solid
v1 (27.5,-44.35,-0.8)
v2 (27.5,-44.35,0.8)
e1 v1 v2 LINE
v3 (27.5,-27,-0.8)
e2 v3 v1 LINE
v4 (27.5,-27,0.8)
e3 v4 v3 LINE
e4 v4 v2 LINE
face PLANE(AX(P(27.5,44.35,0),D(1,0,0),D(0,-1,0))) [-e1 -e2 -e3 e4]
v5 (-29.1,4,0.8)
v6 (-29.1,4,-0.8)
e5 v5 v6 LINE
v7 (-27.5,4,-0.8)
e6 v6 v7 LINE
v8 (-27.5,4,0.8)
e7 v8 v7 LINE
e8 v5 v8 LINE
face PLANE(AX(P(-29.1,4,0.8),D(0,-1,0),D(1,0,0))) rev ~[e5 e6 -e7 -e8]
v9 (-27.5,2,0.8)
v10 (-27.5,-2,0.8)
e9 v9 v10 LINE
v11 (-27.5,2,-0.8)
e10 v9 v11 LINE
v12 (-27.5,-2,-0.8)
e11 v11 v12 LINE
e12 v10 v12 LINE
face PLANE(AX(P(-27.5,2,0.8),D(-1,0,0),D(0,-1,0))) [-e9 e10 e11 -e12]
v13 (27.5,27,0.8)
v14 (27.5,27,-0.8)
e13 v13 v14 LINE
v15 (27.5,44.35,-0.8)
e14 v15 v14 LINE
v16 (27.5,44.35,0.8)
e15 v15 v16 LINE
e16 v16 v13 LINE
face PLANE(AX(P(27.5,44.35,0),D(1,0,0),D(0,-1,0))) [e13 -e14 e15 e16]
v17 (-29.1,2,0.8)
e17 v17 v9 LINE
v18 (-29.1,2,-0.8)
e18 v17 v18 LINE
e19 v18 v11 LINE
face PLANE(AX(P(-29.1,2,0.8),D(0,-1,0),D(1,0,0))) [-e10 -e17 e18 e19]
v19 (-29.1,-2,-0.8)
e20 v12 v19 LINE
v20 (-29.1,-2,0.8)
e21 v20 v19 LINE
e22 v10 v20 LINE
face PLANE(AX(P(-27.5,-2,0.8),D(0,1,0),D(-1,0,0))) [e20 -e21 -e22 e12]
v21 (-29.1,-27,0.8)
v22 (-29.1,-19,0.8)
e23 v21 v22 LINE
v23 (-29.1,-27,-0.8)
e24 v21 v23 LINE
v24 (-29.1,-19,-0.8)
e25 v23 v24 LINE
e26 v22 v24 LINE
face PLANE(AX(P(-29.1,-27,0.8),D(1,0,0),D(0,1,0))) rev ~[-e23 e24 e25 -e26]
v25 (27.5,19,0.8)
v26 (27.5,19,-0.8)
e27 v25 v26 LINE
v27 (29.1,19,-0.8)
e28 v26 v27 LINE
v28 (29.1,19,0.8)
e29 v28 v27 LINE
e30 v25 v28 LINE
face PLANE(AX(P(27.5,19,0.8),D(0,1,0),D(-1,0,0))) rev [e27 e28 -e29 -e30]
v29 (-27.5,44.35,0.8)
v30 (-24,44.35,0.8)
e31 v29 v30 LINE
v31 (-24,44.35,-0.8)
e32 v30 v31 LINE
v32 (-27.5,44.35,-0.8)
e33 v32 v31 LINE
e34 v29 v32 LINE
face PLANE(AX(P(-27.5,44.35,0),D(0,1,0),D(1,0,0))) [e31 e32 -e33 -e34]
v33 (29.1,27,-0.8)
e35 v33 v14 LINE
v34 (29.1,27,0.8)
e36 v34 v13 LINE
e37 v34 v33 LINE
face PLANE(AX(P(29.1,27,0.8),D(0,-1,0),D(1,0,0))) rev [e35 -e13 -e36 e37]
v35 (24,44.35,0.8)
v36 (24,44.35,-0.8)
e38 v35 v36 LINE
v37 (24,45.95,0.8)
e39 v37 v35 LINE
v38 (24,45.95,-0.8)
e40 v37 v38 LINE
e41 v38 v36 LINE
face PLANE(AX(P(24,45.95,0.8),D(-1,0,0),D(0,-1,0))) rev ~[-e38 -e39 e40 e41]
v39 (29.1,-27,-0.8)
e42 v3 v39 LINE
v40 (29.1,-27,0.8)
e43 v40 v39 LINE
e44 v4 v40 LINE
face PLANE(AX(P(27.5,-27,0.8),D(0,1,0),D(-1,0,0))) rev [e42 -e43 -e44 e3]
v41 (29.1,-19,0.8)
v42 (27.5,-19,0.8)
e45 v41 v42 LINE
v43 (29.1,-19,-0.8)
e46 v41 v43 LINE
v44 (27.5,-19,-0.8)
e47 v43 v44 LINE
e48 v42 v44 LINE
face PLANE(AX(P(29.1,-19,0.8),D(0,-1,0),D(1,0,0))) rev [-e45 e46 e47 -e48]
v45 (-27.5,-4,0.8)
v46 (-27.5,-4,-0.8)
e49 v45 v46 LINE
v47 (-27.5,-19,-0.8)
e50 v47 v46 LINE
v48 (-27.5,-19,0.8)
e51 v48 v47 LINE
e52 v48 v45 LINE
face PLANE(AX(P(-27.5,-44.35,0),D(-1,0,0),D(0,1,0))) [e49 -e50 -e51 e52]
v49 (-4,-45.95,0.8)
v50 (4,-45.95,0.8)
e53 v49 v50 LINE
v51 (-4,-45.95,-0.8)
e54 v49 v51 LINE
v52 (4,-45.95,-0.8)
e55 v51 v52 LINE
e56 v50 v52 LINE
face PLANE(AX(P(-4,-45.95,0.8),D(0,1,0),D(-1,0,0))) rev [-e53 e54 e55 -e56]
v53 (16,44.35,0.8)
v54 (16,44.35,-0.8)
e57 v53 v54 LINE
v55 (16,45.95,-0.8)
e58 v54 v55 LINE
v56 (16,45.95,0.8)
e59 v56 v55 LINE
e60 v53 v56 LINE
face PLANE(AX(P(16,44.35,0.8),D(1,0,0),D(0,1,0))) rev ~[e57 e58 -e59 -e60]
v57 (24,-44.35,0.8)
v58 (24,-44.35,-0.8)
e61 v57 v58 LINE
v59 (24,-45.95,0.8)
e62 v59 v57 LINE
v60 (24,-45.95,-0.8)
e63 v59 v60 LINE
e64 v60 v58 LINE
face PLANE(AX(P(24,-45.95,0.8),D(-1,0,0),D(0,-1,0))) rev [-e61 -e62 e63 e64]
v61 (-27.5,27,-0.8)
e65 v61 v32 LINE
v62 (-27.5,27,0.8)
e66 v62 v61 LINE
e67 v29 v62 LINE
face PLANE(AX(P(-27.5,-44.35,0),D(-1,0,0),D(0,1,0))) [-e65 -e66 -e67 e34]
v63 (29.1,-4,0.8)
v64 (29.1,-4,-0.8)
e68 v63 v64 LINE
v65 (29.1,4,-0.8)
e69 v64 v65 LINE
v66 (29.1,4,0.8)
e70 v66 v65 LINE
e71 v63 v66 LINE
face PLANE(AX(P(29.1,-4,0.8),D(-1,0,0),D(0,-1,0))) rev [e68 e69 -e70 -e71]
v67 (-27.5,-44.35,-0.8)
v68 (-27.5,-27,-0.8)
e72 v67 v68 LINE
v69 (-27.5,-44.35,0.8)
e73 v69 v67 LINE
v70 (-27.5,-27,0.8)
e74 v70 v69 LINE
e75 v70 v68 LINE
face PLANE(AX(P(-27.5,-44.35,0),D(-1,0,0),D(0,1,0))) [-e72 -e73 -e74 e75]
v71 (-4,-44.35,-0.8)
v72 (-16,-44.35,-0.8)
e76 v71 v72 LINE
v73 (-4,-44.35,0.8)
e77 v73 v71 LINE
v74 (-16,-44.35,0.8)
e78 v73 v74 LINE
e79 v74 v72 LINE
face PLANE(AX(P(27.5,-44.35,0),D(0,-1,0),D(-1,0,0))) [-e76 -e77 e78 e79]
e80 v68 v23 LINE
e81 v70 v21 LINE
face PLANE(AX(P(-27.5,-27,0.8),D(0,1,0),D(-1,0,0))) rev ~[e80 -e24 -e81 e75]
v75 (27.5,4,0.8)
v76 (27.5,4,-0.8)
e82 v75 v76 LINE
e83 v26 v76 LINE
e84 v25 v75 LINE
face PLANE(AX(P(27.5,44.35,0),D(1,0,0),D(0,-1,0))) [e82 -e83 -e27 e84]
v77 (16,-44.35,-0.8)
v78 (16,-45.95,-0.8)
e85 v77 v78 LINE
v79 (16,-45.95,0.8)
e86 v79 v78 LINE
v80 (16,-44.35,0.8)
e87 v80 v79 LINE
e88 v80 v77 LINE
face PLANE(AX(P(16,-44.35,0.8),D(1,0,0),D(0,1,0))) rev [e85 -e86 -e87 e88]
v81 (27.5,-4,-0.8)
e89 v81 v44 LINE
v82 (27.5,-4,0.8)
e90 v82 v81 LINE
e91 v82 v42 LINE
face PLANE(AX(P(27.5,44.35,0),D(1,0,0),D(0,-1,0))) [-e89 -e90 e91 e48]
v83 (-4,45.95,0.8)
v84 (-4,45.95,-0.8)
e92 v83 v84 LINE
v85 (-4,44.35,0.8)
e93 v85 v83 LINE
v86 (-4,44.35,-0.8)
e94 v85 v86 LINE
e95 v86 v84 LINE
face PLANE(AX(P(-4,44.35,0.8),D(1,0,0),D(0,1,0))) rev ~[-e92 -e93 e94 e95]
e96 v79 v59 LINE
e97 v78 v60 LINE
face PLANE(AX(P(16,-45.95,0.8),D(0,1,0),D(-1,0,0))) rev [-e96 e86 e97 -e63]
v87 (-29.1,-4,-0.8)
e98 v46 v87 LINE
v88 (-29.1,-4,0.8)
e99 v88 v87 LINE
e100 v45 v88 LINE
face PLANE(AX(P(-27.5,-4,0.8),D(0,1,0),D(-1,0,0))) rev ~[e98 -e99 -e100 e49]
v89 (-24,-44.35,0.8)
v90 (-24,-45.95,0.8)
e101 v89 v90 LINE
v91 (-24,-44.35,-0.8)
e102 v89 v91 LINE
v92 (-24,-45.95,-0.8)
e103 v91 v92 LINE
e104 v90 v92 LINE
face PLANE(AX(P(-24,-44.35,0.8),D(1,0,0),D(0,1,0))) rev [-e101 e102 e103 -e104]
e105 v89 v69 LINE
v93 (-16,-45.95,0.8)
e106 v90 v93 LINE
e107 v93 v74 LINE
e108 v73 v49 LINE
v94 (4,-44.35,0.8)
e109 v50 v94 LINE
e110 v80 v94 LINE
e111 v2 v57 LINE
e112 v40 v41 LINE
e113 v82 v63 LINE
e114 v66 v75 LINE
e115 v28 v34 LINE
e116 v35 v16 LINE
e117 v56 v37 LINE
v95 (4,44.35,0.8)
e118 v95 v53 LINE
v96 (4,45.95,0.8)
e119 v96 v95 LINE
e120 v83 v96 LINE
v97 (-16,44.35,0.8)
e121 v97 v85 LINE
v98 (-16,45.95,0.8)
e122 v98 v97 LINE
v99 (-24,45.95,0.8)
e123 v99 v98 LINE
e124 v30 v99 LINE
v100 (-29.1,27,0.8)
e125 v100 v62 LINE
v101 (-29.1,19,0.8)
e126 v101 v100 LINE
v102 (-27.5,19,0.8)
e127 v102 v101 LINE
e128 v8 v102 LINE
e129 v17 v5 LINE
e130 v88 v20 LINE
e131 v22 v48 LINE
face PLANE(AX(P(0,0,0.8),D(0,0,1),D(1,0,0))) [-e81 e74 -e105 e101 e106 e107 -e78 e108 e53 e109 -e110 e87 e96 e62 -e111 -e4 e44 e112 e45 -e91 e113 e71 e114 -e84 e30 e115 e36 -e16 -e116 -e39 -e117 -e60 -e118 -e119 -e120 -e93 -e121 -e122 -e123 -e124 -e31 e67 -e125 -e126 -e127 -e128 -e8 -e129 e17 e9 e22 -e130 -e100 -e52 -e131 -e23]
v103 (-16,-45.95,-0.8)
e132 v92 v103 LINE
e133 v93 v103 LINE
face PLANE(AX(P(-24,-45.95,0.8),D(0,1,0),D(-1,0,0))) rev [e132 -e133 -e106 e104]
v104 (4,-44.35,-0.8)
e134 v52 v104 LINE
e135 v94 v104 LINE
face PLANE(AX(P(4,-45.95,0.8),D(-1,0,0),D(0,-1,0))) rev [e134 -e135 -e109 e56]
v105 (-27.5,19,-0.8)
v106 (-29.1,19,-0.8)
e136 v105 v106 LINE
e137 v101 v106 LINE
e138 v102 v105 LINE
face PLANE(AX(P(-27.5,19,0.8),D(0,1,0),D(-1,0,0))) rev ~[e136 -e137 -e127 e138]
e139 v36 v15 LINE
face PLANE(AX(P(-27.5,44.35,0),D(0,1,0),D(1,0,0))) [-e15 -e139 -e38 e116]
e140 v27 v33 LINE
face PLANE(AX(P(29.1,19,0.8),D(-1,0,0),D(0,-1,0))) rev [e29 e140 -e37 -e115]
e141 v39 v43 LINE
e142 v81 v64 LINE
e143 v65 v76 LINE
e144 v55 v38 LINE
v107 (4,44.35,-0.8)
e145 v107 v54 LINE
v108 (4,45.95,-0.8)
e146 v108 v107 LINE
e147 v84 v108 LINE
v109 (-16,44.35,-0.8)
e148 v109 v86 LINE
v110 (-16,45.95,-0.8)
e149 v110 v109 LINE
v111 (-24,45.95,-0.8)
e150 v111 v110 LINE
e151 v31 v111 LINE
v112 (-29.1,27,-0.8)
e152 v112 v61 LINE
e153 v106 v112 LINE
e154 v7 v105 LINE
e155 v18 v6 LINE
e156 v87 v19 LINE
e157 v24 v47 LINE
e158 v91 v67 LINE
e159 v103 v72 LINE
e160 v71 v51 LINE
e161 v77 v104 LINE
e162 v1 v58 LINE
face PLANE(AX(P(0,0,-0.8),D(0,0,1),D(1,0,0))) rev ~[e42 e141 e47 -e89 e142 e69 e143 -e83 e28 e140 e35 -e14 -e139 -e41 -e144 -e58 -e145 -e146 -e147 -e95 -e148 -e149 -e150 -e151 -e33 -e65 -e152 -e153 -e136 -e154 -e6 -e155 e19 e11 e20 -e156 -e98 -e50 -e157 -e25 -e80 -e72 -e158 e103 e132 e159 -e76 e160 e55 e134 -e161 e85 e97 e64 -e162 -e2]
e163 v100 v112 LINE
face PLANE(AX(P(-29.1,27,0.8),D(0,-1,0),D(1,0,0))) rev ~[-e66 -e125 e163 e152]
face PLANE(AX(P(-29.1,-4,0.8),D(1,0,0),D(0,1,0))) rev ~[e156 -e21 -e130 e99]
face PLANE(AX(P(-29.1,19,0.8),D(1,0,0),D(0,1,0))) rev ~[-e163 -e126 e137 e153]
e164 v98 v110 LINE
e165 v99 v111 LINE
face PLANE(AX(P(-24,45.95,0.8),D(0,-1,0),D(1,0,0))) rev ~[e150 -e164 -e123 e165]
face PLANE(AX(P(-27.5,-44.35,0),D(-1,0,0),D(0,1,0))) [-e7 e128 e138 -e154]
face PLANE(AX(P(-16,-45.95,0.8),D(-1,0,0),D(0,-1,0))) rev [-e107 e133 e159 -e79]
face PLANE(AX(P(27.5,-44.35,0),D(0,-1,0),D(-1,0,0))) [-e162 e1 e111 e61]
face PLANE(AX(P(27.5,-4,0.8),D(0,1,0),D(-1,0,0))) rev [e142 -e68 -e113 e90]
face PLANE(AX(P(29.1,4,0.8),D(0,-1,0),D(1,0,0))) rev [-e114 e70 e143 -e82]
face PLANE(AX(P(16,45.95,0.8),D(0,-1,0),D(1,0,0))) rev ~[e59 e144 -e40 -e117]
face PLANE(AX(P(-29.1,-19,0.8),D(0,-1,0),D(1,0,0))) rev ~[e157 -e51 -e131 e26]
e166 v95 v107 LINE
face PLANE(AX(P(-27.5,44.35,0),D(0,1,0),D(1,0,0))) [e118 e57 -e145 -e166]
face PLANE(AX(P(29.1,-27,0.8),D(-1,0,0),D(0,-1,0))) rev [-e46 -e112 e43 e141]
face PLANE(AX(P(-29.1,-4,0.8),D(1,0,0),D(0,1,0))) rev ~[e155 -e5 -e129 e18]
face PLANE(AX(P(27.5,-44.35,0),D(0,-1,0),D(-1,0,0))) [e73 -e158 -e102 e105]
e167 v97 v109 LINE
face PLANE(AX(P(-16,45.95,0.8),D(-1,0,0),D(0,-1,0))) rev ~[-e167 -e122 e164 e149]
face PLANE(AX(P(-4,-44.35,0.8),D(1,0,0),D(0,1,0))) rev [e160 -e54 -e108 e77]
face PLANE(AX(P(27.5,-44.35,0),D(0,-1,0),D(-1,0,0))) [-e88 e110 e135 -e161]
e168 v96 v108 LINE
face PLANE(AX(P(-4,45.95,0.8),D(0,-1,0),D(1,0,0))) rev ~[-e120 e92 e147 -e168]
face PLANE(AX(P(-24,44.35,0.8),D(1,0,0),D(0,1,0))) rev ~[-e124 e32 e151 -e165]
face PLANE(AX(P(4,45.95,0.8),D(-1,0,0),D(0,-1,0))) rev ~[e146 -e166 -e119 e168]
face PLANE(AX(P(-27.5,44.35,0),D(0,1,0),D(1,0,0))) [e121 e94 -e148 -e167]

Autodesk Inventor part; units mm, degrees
ref_plane "YZ Plane" through (0, 0, 0) normal (1, 0, 0) x (0, 1, 0)
ref_plane "XZ Plane" through (0, 0, 0) normal (0, 1, 0) x (-1, 0, 0)
ref_plane "XY Plane" through (0, 0, 0) normal (0, 0, 1) x (1, 0, 0)
sketch "Sketch1" plane through (0, 0, 0) normal (0, 0, 1) x (1, 0, 0)
  line L0 (0, 62.09) -> (0, -62.09) construction
  line L1 (-38.5, 0) -> (38.5, 0) construction
  line L2 (27.5, -44.35) -> (-27.5, -44.35)
  line L3 (-27.5, -44.35) -> (-27.5, 44.35)
  line L4 (-27.5, 44.35) -> (27.5, 44.35)
  line L5 (27.5, 44.35) -> (27.5, -44.35)
  line L6 (27.5, -44.35) -> (-27.5, 44.35) construction
  line L7 (-27.5, -44.35) -> (27.5, 44.35) construction
  point P0 (0, 0)
  dimension "d0" = 55
  dimension "d1" = 88.7
extrude "Extrusion1" add sketch "Sketch1" along normal mid plane 1.6
sketch "Esquisse2" plane through (0, 0, 0.8) normal (0, 0, 1) x (1, 0, 0)
  line L0 (-27.5, -44.35) -> (27.5, -44.35) construction
  line L1 (27.5, -44.35) -> (27.5, 44.35) construction
  line L2 (27.5, 44.35) -> (-27.5, 44.35) construction
  line L3 (-27.5, 44.35) -> (-27.5, -44.35) construction
  line L4 (0, 62.09) -> (0, -62.09) construction
  line L5 (-40.42, 0) -> (38.82, 0) construction
  line L6 (-27.5, -27) -> (-29.1, -27)
  line L7 (-29.1, -27) -> (-29.1, -19)
  line L8 (-29.1, -19) -> (-27.5, -19)
  line L9 (-27.5, -19) -> (-27.5, -27)
  line L10 (-27.5, -4) -> (-29.1, -4)
  line L11 (-29.1, -4) -> (-29.1, 4)
  line L12 (-29.1, 4) -> (-27.5, 4)
  line L13 (-27.5, 4) -> (-27.5, -4)
  line L14 (-27.5, 19) -> (-29.1, 19)
  line L15 (-29.1, 19) -> (-29.1, 27)
  line L16 (-29.1, 27) -> (-27.5, 27)
  line L17 (-27.5, 27) -> (-27.5, 19)
  point P0 (0, 0)
  dimension "d4" = 1.6
  dimension "d5" = 8
  dimension "d8" = 23
extrude "Extrusion2" add sketch "Esquisse2" against normal blind 1.6
mirror "Symétrie1" about plane through (0, 0, 0) normal (1, 0, 0) of "Extrusion2"
sketch "Esquisse3" plane through (0, 0, 0.8) normal (0, 0, 1) x (1, 0, 0)
  line L0 (-29.1, 27) -> (-27.5, 27) construction
  line L1 (-27.5, 27) -> (-27.5, 44.35) construction
  line L2 (-27.5, 44.35) -> (27.5, 44.35) construction
  line L3 (27.5, 44.35) -> (27.5, 27) construction
  line L4 (27.5, 27) -> (29.1, 27) construction
  line L5 (29.1, 27) -> (29.1, 19) construction
  line L6 (29.1, 19) -> (27.5, 19) construction
  line L7 (27.5, 19) -> (27.5, 4) construction
  line L8 (27.5, 4) -> (29.1, 4) construction
  line L9 (29.1, 4) -> (29.1, -4) construction
  line L10 (29.1, -4) -> (27.5, -4) construction
  line L11 (27.5, -4) -> (27.5, -19) construction
  line L12 (27.5, -19) -> (29.1, -19) construction
  line L13 (29.1, -19) -> (29.1, -27) construction
  line L14 (29.1, -27) -> (27.5, -27) construction
  line L15 (27.5, -27) -> (27.5, -44.35) construction
  line L16 (27.5, -44.35) -> (-27.5, -44.35) construction
  line L17 (-27.5, -44.35) -> (-27.5, -27) construction
  line L18 (-27.5, -27) -> (-29.1, -27) construction
  line L19 (-29.1, -27) -> (-29.1, -19) construction
  line L20 (-29.1, -19) -> (-27.5, -19) construction
  line L21 (-27.5, -19) -> (-27.5, -4) construction
  line L22 (-27.5, -4) -> (-29.1, -4) construction
  line L23 (-29.1, -4) -> (-29.1, 4) construction
  line L24 (-29.1, 4) -> (-27.5, 4) construction
  line L25 (-27.5, 4) -> (-27.5, 19) construction
  line L26 (-27.5, 19) -> (-29.1, 19) construction
  line L27 (-29.1, 19) -> (-29.1, 27) construction
  line L28 (0, 62.09) -> (0, -62.09) construction
  line L29 (-40.74, 0) -> (40.74, 0) construction
  line L30 (-27.5, -44.35) -> (27.5, -44.35) construction
  line L31 (27.5, -44.35) -> (27.5, -27) construction
  line L32 (27.5, -27) -> (29.1, -27) construction
  line L33 (29.1, -27) -> (29.1, -19) construction
  line L34 (29.1, -19) -> (27.5, -19) construction
  line L35 (27.5, -19) -> (27.5, -4) construction
  line L36 (27.5, -4) -> (29.1, -4) construction
  line L37 (29.1, -4) -> (29.1, 4) construction
  line L38 (29.1, 4) -> (27.5, 4) construction
  line L39 (27.5, 4) -> (27.5, 19) construction
  line L40 (27.5, 19) -> (29.1, 19) construction
  line L41 (29.1, 19) -> (29.1, 27) construction
  line L42 (29.1, 27) -> (27.5, 27) construction
  line L43 (27.5, 27) -> (27.5, 44.35) construction
  line L44 (27.5, 44.35) -> (-27.5, 44.35) construction
  line L45 (-27.5, 44.35) -> (-27.5, 27) construction
  line L46 (-29.1, 27) -> (-27.5, 27) construction
  line L47 (-29.1, 19) -> (-29.1, 27) construction
  line L48 (-27.5, 19) -> (-29.1, 19) construction
  line L49 (-27.5, 19) -> (-27.5, 4) construction
  line L50 (-29.1, 4) -> (-27.5, 4) construction
  line L51 (-29.1, -4) -> (-29.1, 4) construction
  line L52 (-27.5, -4) -> (-29.1, -4) construction
  line L53 (-27.5, -4) -> (-27.5, -19) construction
  line L54 (-29.1, -19) -> (-27.5, -19) construction
  line L55 (-29.1, -27) -> (-29.1, -19) construction
  line L56 (-27.5, -27) -> (-29.1, -27) construction
  line L57 (-27.5, -27) -> (-27.5, -44.35) construction
  line L58 (24, 44.35) -> (16, 44.35)
  line L59 (16, 44.35) -> (16, 45.95)
  line L60 (16, 45.95) -> (24, 45.95)
  line L61 (24, 45.95) -> (24, 44.35)
  line L62 (4, 44.35) -> (-4, 44.35)
  line L63 (-4, 45.95) -> (4, 45.95)
  line L64 (4, 45.95) -> (4, 44.35)
  line L65 (-4, 44.35) -> (-4, 45.95)
  line L66 (-16, 44.35) -> (-24, 44.35)
  line L67 (-24, 45.95) -> (-16, 45.95)
  line L68 (-16, 45.95) -> (-16, 44.35)
  line L69 (-24, 44.35) -> (-24, 45.95)
  point P0 (0, 0)
  dimension "d15" = 8
  dimension "d16" = 1.6
  dimension "d19" = 20
extrude "Extrusion3" add sketch "Esquisse3" against normal blind 1.6
mirror "Symétrie2" about plane through (0, 0, 0) normal (0, 1, 0) of "Extrusion3"
sketch "Esquisse4" plane through (-29.1, -4, 0.8) normal (-1, 0, 0) x (0, 0, 1)
  point P0 (-0.8, 4)
sketch "Esquisse5" plane through (0, 0, 0.8) normal (0, 0, 1) x (1, 0, 0)
  line L0 (-27.5, 31) -> (-29.1, 31)
  line L1 (-29.1, 31) -> (-29.1, 2)
  line L2 (-29.1, 2) -> (-27.5, 2)
  line L3 (-27.5, 2) -> (-27.5, -2)
  line L4 (-27.5, -2) -> (-29.1, -2)
  line L5 (-29.1, -2) -> (-29.1, -31)
  line L6 (-29.1, -31) -> (-27.5, -31)
  line L7 (-27.5, -31) -> (-27.5, -39)
  line L8 (-27.5, -39) -> (-29.1, -39)
  line L9 (-29.1, -39) -> (-29.1, -44.35)
  line L10 (-29.1, -44.35) -> (-32.6, -44.35)
  line L11 (-32.6, -44.35) -> (-32.6, -45.95)
  line L12 (-32.6, -45.95) -> (-40.6, -45.95)
  line L13 (-40.6, -45.95) -> (-40.6, -44.35)
  line L14 (-40.6, -44.35) -> (-44.1, -44.35)
  line L15 (-44.1, -44.35) -> (-44.1, 44.35)
  line L16 (-44.1, 44.35) -> (-29.1, 44.35)
  line L17 (-29.1, 44.35) -> (-29.1, 39)
  line L18 (-29.1, 39) -> (-27.5, 39)
  line L19 (-27.5, 39) -> (-27.5, 31)
  point P0 (0, 0)
extrude "Extrusion4" cut sketch "Esquisse5" against normal blind 1.6
properties part number "BaseSupportBatterie1" material "PVC-U"
